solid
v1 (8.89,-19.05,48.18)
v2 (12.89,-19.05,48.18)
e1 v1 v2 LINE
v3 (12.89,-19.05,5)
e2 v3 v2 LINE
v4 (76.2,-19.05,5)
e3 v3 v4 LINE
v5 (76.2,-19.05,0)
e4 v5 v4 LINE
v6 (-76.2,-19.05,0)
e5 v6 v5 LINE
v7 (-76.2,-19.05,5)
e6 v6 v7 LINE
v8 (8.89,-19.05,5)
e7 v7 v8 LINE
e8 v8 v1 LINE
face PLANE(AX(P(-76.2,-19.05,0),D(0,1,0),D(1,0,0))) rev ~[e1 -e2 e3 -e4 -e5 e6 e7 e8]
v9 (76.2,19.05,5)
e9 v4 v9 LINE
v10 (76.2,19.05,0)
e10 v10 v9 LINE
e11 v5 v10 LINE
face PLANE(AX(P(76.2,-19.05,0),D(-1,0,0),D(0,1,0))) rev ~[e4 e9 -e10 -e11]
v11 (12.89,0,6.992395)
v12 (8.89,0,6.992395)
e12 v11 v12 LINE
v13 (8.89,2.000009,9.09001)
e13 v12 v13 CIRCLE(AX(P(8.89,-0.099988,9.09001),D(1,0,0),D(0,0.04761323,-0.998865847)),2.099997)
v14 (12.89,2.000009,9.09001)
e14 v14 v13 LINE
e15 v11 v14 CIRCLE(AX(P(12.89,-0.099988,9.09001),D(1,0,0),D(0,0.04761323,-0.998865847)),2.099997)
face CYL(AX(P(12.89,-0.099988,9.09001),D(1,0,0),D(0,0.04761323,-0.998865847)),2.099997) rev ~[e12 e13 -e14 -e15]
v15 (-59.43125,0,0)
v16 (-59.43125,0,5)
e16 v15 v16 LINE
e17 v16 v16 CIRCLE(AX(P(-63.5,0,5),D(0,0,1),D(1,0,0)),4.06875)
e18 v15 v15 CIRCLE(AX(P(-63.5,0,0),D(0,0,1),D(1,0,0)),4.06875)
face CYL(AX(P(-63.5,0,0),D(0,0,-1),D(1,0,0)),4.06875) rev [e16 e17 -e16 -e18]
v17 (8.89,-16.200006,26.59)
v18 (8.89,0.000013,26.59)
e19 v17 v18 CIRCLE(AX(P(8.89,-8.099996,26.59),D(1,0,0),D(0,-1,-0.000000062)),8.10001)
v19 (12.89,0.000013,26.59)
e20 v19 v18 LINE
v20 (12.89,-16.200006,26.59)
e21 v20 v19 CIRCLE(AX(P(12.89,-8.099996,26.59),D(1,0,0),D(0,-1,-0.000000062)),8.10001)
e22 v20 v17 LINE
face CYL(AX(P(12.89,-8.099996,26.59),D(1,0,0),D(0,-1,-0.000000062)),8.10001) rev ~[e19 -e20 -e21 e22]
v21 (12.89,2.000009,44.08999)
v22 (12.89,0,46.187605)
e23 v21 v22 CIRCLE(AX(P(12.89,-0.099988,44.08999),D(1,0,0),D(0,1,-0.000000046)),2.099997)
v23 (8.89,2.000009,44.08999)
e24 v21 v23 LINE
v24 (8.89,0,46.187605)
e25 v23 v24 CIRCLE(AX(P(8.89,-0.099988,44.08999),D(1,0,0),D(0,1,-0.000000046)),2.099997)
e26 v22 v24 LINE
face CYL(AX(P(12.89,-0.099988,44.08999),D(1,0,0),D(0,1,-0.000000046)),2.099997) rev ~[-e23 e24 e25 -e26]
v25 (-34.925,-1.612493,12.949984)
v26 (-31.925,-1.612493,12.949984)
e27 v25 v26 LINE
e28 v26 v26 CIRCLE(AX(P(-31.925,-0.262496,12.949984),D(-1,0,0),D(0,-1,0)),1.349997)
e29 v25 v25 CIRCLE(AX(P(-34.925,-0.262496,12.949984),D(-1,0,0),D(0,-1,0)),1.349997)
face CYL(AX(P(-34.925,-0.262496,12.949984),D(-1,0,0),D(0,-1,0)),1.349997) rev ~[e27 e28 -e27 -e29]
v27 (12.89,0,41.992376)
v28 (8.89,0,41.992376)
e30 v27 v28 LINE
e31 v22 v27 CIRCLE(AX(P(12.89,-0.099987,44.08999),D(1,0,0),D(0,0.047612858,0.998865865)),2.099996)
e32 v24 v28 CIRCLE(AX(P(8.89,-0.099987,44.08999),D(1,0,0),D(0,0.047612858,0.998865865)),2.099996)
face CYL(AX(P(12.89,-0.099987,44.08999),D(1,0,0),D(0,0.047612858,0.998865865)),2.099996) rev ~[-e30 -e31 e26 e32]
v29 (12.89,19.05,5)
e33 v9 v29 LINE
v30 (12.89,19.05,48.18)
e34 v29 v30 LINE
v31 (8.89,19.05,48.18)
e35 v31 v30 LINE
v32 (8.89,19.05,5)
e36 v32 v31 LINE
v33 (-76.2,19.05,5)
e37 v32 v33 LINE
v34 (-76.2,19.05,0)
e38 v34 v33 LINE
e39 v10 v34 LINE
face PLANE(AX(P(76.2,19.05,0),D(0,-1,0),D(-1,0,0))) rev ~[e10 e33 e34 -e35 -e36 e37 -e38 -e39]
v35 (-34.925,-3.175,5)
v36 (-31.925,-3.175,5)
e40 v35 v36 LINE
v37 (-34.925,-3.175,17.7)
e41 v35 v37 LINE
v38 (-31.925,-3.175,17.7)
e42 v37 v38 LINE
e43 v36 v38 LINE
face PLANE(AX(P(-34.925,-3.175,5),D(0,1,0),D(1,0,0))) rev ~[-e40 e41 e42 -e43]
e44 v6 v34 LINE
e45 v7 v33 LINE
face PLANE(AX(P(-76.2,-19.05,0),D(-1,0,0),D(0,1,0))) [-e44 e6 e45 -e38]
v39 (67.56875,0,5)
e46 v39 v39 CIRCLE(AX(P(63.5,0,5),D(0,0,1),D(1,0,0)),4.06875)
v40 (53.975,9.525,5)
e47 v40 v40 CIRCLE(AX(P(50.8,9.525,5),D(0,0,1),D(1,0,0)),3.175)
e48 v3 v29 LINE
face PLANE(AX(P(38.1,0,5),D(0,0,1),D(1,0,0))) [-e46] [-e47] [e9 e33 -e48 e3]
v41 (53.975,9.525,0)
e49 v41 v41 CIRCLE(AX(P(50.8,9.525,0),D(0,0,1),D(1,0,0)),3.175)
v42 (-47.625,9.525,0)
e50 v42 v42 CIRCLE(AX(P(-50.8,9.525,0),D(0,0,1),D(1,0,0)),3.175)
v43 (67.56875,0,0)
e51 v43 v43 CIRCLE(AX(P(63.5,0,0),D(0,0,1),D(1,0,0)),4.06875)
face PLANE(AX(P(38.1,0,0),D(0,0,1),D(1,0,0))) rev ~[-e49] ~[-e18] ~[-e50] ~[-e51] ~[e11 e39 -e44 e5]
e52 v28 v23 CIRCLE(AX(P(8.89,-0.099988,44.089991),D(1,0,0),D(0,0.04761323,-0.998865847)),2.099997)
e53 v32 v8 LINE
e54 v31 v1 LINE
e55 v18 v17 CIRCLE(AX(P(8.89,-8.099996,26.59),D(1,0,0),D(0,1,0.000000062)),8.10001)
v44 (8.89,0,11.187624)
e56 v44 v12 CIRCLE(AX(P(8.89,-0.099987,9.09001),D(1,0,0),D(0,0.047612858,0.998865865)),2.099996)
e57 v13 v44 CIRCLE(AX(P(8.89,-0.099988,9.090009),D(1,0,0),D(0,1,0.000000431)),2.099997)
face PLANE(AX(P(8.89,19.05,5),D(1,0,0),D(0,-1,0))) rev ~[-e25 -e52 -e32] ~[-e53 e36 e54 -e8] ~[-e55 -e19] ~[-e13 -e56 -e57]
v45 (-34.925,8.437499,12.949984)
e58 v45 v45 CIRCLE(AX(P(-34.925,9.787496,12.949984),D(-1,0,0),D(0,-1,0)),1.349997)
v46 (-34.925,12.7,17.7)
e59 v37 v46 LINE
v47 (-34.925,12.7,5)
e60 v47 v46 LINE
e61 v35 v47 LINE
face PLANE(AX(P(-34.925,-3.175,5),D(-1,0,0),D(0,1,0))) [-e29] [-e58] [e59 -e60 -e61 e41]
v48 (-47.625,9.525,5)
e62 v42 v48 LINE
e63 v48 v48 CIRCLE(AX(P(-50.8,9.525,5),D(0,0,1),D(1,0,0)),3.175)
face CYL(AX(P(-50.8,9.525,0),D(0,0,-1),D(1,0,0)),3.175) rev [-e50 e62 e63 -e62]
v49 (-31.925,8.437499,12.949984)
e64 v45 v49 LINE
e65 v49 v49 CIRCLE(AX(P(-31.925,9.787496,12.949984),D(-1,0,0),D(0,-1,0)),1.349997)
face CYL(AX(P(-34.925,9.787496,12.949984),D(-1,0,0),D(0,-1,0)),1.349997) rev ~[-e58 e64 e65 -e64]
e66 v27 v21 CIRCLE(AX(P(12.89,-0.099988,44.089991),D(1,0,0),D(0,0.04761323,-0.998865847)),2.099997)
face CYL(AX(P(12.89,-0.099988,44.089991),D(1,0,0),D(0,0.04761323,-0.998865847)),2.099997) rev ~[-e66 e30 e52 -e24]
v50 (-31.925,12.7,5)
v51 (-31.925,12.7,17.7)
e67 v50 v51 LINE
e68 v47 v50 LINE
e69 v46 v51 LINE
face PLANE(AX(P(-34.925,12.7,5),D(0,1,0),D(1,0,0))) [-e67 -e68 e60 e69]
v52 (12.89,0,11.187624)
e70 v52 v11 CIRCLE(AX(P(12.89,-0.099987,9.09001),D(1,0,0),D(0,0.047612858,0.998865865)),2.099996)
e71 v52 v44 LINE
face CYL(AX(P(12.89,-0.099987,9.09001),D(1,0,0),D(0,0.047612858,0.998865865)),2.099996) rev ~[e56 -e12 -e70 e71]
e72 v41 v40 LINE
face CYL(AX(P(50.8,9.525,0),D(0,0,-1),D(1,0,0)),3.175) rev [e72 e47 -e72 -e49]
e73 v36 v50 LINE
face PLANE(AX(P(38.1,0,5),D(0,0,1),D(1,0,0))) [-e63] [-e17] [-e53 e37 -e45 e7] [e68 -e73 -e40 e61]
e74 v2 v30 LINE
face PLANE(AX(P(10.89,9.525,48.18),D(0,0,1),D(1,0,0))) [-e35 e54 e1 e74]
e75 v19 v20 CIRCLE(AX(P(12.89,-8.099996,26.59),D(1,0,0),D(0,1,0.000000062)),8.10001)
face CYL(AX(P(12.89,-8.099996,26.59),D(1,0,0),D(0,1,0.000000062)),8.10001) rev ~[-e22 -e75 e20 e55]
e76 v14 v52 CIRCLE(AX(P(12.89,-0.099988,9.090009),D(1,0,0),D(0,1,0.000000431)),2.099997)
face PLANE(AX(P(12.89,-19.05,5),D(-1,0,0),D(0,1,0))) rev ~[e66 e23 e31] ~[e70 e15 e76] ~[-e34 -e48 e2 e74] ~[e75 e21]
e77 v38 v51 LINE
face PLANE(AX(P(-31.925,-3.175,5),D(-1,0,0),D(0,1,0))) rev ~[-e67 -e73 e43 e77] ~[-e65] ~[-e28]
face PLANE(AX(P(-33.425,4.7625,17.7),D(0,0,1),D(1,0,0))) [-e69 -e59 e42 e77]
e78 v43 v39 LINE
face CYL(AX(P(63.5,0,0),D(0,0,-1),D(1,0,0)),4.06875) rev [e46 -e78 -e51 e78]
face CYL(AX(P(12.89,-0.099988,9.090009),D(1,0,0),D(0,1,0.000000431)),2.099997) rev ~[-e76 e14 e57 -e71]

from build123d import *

# Parameters (mm, degrees)
F0_W     = 76.2
F0_H     = 38.1
F0_R     = 4.06875
F0_R_2   = 3.175
F1_DEPTH = 5
F2_W     = 4
F2_H     = 19.05
F3_DEPTH = 43.18
F4_W     = 3
F4_H     = 15.875
F5_DEPTH = 12.7
F7_DEPTH = 4
F8_R     = 1.349997
F9_DEPTH = 3


with BuildPart() as f1:
    # F0 (on Top) → F1 (new body)
    with BuildSketch(Plane.XY):
        with Locations((38.1, 0)):
            Rectangle(F0_W, F0_H)
        with Locations((63.5, 0)):
            Circle(F0_R, mode=Mode.SUBTRACT)
        with Locations((50.8, 9.525)):
            Circle(F0_R_2, mode=Mode.SUBTRACT)
        with Locations((-38.1, 0)):
            Rectangle(F0_W, F0_H)
        with Locations((-63.5, 0)):
            Circle(F0_R, mode=Mode.SUBTRACT)
        with Locations((-50.8, 9.525)):
            Circle(F0_R_2, mode=Mode.SUBTRACT)
    extrude(amount=F1_DEPTH)

    # F2 (on face) → F3 (join)
    with BuildSketch(Plane.XY.offset(5)):
        with Locations((10.89, 9.525)):
            Rectangle(F2_W, F2_H)
        with Locations((10.89, -9.525)):
            Rectangle(F2_W, F2_H)
    extrude(amount=F3_DEPTH)

    # F4 (on face) → F5 (join)
    with BuildSketch(Plane.XY.offset(5)):
        with Locations((-33.425, 4.7625)):
            Rectangle(F4_W, F4_H)
    extrude(amount=F5_DEPTH)

    # F6 (on face) → F7 (cut, through all)
    with BuildSketch(Plane.YZ.offset(12.89)):
        with BuildLine():
            Line((-8.099996, 26.59), (1.3e-05, 26.59))
            ThreePointArc((1.3e-05, 26.59), (-8.099996, 34.690009), (-16.200006, 26.59))
            Line((-16.200006, 26.59), (-8.099996, 26.59))
        make_face()
        with BuildLine():
            ThreePointArc((-16.200006, 26.59), (-8.099996, 18.489991), (1.3e-05, 26.59))
            Line((1.3e-05, 26.59), (-8.099996, 26.59))
            Line((-8.099996, 26.59), (-16.200006, 26.59))
        make_face()
        with BuildLine():
            ThreePointArc((0, 46.187605), (-2.199983, 44.08999), (0, 41.992376))
            Line((0, 41.992376), (0, 46.187605))
        make_face()
        with BuildLine():
            Line((0, 46.187605), (0, 41.992376))
            ThreePointArc((0, 41.992376), (1.419874, 42.640851), (2.000009, 44.08999))
            ThreePointArc((2.000009, 44.08999), (1.419874, 45.53913), (0, 46.187605))
        make_face()
        with BuildLine():
            ThreePointArc((2.000009, 9.09001), (1.419874, 10.539149), (0, 11.187624))
            Line((0, 11.187624), (0, 6.992395))
            ThreePointArc((0, 6.992395), (1.419874, 7.64087), (2.000009, 9.09001))
        make_face()
        with BuildLine():
            Line((0, 6.992395), (0, 11.187624))
            ThreePointArc((0, 11.187624), (-2.199983, 9.09001), (0, 6.992395))
        make_face()
    extrude(amount=-F7_DEPTH, mode=Mode.SUBTRACT)

    # F8 (on face) → F9 (cut, through all)
    with BuildSketch(Plane(origin=(-34.925, 0, 0), x_dir=(0, -1, 0), z_dir=(-1, 0, 0))):
        with Locations((-9.787496, 12.949984)):
            Circle(F8_R)
        with Locations((0.262496, 12.949984)):
            Circle(F8_R)
    extrude(amount=-F9_DEPTH, mode=Mode.SUBTRACT)


solid = f1.part
